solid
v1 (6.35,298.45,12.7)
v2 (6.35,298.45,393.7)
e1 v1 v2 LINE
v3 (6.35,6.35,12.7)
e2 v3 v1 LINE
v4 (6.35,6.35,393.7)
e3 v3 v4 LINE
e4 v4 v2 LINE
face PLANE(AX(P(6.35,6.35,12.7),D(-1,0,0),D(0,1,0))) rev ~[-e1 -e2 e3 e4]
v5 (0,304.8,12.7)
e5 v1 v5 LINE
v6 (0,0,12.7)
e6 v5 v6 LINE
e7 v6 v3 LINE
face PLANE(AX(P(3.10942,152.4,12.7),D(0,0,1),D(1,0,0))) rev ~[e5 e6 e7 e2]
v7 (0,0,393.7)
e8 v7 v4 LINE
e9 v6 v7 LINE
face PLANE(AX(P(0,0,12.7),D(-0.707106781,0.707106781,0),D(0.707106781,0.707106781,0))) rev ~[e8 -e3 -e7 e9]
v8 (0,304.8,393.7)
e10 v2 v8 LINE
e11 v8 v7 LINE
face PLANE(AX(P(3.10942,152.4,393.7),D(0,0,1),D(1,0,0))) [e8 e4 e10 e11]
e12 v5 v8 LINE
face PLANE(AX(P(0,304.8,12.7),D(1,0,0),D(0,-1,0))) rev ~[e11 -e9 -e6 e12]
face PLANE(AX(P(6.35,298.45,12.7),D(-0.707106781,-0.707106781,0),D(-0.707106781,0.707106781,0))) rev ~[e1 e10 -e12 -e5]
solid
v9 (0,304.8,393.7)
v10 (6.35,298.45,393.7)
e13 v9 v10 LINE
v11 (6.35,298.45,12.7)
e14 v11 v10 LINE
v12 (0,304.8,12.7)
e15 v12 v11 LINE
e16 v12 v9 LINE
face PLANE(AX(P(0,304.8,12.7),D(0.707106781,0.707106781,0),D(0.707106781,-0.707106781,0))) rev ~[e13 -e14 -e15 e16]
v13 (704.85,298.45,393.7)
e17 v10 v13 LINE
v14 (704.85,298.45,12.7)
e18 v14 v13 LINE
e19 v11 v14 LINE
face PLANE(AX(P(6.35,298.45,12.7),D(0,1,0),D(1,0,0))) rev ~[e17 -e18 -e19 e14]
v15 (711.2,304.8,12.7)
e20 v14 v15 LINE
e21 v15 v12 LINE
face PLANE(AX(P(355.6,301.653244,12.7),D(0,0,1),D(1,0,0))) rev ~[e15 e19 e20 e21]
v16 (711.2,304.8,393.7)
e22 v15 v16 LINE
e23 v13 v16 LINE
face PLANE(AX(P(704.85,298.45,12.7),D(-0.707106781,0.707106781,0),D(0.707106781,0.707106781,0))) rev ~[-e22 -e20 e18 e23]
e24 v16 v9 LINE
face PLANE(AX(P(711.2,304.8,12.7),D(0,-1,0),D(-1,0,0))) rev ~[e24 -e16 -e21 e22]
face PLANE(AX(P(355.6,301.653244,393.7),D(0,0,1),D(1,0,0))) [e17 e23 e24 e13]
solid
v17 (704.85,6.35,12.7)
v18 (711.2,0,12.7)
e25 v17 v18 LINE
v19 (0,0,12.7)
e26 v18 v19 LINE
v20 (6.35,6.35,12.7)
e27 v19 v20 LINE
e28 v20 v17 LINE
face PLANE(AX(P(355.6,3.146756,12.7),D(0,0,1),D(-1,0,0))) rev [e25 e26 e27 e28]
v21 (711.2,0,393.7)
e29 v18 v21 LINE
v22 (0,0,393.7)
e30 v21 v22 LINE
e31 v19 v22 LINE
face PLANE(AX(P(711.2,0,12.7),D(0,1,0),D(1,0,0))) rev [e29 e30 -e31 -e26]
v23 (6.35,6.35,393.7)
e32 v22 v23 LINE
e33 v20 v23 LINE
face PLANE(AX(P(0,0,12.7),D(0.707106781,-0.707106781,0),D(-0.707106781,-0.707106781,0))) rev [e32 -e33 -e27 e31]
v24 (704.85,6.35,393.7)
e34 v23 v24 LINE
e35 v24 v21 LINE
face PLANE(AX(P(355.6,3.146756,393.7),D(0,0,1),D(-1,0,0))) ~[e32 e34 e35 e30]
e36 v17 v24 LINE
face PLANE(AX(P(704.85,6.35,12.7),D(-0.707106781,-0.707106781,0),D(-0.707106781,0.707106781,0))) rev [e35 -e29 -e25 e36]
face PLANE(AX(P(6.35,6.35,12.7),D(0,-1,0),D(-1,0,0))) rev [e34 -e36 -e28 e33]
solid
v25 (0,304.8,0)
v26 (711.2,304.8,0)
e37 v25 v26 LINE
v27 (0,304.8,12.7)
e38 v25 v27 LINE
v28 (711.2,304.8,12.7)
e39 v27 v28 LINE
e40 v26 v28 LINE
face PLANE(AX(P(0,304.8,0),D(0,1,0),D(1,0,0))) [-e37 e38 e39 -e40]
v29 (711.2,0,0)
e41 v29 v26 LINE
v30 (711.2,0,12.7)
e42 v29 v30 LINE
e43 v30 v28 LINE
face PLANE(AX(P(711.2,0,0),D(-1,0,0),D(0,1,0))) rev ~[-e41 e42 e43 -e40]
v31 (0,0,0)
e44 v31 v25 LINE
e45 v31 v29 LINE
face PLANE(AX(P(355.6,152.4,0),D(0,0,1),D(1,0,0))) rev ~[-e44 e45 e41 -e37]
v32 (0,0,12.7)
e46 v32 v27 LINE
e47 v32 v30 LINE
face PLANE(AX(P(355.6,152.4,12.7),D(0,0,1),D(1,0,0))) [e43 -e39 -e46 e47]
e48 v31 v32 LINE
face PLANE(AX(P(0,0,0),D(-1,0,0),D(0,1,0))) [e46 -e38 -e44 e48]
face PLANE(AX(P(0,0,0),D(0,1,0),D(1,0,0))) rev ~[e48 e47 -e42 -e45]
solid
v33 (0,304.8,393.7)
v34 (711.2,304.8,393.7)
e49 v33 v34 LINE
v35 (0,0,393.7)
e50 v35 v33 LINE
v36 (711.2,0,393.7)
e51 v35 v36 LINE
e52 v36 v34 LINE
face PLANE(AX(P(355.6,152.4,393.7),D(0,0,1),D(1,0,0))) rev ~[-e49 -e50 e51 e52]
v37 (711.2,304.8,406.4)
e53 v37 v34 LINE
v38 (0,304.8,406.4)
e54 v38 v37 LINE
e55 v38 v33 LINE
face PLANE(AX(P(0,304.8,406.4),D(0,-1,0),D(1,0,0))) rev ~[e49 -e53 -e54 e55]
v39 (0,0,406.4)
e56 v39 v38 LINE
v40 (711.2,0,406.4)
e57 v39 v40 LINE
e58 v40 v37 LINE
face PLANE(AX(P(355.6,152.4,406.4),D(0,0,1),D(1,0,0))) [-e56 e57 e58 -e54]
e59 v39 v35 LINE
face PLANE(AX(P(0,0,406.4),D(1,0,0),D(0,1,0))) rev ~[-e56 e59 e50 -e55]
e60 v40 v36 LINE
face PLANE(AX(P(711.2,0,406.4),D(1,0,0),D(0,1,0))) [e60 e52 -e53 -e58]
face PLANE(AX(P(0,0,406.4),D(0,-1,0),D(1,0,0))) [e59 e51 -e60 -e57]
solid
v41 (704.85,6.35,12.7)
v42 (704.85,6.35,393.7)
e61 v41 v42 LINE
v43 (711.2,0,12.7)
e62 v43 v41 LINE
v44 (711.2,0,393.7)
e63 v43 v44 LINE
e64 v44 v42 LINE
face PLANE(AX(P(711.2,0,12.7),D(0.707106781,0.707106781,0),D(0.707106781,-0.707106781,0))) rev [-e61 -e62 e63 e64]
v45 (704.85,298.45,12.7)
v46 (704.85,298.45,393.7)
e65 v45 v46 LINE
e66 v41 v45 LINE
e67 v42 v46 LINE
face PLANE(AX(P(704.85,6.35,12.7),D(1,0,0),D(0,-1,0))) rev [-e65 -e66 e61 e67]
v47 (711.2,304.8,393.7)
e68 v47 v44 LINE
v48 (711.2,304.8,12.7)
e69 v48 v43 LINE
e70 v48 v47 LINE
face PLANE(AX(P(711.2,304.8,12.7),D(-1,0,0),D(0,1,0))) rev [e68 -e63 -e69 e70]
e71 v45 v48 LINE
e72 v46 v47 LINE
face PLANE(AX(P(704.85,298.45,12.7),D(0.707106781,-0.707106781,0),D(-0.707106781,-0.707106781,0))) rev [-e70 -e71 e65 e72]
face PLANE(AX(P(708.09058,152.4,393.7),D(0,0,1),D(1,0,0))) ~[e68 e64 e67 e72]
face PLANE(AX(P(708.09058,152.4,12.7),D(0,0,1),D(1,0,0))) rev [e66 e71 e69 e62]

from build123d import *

# Parameters (mm, degrees)
F1_W     = 711.2
F1_H     = 304.8
F2_DEPTH = 12.7
F3_W     = 711.2
F3_H     = 304.8
F4_DEPTH = 12.7
F6_DEPTH = 381
F8_DEPTH = 381


with BuildPart() as f2:
    # F1 (on Top) → F2 (new body)
    with BuildSketch(Plane.XY):
        with Locations((355.6, 152.4)):
            Rectangle(F1_W, F1_H)
    extrude(amount=F2_DEPTH)


with BuildPart() as f4:
    # F3 (on offset) → F4 (new body)
    with BuildSketch(Plane.XY.offset(406.4)):
        with Locations((355.6, 152.4)):
            Rectangle(F3_W, F3_H)
    extrude(amount=-F4_DEPTH)


with BuildPart() as f6:
    # F5 (on face) → F6 (new body, through all)
    with BuildSketch(Plane.XY.offset(12.7)):
        Polygon((711.2, 304.8), (0, 304.8), (6.35, 298.45), (704.85, 298.45), align=None)
    extrude(amount=F6_DEPTH)


with BuildPart() as f8:
    # F7 (on face) → F8 (new body, through all)
    with BuildSketch(Plane.XY.offset(12.7)):
        Polygon((6.35, 298.45), (0, 304.8), (0, 0), (6.35, 6.35), align=None)
    extrude(amount=F8_DEPTH)


with BuildPart() as f11_1:
    # F11: instance of F8
    add(f8.part.mirror(Plane(origin=(355.6, 152.4, 6.35), x_dir=(0, 1, 0), z_dir=(1, 0, 0))))


with BuildPart() as f12_1:
    # F12: instance of F6
    add(f6.part.mirror(Plane(origin=(355.6, 152.4, 6.35), x_dir=(1, 0, 0), z_dir=(0, -1, 0))))


solid = Compound([f2.part, f4.part, f6.part, f8.part, f11_1.part, f12_1.part])
